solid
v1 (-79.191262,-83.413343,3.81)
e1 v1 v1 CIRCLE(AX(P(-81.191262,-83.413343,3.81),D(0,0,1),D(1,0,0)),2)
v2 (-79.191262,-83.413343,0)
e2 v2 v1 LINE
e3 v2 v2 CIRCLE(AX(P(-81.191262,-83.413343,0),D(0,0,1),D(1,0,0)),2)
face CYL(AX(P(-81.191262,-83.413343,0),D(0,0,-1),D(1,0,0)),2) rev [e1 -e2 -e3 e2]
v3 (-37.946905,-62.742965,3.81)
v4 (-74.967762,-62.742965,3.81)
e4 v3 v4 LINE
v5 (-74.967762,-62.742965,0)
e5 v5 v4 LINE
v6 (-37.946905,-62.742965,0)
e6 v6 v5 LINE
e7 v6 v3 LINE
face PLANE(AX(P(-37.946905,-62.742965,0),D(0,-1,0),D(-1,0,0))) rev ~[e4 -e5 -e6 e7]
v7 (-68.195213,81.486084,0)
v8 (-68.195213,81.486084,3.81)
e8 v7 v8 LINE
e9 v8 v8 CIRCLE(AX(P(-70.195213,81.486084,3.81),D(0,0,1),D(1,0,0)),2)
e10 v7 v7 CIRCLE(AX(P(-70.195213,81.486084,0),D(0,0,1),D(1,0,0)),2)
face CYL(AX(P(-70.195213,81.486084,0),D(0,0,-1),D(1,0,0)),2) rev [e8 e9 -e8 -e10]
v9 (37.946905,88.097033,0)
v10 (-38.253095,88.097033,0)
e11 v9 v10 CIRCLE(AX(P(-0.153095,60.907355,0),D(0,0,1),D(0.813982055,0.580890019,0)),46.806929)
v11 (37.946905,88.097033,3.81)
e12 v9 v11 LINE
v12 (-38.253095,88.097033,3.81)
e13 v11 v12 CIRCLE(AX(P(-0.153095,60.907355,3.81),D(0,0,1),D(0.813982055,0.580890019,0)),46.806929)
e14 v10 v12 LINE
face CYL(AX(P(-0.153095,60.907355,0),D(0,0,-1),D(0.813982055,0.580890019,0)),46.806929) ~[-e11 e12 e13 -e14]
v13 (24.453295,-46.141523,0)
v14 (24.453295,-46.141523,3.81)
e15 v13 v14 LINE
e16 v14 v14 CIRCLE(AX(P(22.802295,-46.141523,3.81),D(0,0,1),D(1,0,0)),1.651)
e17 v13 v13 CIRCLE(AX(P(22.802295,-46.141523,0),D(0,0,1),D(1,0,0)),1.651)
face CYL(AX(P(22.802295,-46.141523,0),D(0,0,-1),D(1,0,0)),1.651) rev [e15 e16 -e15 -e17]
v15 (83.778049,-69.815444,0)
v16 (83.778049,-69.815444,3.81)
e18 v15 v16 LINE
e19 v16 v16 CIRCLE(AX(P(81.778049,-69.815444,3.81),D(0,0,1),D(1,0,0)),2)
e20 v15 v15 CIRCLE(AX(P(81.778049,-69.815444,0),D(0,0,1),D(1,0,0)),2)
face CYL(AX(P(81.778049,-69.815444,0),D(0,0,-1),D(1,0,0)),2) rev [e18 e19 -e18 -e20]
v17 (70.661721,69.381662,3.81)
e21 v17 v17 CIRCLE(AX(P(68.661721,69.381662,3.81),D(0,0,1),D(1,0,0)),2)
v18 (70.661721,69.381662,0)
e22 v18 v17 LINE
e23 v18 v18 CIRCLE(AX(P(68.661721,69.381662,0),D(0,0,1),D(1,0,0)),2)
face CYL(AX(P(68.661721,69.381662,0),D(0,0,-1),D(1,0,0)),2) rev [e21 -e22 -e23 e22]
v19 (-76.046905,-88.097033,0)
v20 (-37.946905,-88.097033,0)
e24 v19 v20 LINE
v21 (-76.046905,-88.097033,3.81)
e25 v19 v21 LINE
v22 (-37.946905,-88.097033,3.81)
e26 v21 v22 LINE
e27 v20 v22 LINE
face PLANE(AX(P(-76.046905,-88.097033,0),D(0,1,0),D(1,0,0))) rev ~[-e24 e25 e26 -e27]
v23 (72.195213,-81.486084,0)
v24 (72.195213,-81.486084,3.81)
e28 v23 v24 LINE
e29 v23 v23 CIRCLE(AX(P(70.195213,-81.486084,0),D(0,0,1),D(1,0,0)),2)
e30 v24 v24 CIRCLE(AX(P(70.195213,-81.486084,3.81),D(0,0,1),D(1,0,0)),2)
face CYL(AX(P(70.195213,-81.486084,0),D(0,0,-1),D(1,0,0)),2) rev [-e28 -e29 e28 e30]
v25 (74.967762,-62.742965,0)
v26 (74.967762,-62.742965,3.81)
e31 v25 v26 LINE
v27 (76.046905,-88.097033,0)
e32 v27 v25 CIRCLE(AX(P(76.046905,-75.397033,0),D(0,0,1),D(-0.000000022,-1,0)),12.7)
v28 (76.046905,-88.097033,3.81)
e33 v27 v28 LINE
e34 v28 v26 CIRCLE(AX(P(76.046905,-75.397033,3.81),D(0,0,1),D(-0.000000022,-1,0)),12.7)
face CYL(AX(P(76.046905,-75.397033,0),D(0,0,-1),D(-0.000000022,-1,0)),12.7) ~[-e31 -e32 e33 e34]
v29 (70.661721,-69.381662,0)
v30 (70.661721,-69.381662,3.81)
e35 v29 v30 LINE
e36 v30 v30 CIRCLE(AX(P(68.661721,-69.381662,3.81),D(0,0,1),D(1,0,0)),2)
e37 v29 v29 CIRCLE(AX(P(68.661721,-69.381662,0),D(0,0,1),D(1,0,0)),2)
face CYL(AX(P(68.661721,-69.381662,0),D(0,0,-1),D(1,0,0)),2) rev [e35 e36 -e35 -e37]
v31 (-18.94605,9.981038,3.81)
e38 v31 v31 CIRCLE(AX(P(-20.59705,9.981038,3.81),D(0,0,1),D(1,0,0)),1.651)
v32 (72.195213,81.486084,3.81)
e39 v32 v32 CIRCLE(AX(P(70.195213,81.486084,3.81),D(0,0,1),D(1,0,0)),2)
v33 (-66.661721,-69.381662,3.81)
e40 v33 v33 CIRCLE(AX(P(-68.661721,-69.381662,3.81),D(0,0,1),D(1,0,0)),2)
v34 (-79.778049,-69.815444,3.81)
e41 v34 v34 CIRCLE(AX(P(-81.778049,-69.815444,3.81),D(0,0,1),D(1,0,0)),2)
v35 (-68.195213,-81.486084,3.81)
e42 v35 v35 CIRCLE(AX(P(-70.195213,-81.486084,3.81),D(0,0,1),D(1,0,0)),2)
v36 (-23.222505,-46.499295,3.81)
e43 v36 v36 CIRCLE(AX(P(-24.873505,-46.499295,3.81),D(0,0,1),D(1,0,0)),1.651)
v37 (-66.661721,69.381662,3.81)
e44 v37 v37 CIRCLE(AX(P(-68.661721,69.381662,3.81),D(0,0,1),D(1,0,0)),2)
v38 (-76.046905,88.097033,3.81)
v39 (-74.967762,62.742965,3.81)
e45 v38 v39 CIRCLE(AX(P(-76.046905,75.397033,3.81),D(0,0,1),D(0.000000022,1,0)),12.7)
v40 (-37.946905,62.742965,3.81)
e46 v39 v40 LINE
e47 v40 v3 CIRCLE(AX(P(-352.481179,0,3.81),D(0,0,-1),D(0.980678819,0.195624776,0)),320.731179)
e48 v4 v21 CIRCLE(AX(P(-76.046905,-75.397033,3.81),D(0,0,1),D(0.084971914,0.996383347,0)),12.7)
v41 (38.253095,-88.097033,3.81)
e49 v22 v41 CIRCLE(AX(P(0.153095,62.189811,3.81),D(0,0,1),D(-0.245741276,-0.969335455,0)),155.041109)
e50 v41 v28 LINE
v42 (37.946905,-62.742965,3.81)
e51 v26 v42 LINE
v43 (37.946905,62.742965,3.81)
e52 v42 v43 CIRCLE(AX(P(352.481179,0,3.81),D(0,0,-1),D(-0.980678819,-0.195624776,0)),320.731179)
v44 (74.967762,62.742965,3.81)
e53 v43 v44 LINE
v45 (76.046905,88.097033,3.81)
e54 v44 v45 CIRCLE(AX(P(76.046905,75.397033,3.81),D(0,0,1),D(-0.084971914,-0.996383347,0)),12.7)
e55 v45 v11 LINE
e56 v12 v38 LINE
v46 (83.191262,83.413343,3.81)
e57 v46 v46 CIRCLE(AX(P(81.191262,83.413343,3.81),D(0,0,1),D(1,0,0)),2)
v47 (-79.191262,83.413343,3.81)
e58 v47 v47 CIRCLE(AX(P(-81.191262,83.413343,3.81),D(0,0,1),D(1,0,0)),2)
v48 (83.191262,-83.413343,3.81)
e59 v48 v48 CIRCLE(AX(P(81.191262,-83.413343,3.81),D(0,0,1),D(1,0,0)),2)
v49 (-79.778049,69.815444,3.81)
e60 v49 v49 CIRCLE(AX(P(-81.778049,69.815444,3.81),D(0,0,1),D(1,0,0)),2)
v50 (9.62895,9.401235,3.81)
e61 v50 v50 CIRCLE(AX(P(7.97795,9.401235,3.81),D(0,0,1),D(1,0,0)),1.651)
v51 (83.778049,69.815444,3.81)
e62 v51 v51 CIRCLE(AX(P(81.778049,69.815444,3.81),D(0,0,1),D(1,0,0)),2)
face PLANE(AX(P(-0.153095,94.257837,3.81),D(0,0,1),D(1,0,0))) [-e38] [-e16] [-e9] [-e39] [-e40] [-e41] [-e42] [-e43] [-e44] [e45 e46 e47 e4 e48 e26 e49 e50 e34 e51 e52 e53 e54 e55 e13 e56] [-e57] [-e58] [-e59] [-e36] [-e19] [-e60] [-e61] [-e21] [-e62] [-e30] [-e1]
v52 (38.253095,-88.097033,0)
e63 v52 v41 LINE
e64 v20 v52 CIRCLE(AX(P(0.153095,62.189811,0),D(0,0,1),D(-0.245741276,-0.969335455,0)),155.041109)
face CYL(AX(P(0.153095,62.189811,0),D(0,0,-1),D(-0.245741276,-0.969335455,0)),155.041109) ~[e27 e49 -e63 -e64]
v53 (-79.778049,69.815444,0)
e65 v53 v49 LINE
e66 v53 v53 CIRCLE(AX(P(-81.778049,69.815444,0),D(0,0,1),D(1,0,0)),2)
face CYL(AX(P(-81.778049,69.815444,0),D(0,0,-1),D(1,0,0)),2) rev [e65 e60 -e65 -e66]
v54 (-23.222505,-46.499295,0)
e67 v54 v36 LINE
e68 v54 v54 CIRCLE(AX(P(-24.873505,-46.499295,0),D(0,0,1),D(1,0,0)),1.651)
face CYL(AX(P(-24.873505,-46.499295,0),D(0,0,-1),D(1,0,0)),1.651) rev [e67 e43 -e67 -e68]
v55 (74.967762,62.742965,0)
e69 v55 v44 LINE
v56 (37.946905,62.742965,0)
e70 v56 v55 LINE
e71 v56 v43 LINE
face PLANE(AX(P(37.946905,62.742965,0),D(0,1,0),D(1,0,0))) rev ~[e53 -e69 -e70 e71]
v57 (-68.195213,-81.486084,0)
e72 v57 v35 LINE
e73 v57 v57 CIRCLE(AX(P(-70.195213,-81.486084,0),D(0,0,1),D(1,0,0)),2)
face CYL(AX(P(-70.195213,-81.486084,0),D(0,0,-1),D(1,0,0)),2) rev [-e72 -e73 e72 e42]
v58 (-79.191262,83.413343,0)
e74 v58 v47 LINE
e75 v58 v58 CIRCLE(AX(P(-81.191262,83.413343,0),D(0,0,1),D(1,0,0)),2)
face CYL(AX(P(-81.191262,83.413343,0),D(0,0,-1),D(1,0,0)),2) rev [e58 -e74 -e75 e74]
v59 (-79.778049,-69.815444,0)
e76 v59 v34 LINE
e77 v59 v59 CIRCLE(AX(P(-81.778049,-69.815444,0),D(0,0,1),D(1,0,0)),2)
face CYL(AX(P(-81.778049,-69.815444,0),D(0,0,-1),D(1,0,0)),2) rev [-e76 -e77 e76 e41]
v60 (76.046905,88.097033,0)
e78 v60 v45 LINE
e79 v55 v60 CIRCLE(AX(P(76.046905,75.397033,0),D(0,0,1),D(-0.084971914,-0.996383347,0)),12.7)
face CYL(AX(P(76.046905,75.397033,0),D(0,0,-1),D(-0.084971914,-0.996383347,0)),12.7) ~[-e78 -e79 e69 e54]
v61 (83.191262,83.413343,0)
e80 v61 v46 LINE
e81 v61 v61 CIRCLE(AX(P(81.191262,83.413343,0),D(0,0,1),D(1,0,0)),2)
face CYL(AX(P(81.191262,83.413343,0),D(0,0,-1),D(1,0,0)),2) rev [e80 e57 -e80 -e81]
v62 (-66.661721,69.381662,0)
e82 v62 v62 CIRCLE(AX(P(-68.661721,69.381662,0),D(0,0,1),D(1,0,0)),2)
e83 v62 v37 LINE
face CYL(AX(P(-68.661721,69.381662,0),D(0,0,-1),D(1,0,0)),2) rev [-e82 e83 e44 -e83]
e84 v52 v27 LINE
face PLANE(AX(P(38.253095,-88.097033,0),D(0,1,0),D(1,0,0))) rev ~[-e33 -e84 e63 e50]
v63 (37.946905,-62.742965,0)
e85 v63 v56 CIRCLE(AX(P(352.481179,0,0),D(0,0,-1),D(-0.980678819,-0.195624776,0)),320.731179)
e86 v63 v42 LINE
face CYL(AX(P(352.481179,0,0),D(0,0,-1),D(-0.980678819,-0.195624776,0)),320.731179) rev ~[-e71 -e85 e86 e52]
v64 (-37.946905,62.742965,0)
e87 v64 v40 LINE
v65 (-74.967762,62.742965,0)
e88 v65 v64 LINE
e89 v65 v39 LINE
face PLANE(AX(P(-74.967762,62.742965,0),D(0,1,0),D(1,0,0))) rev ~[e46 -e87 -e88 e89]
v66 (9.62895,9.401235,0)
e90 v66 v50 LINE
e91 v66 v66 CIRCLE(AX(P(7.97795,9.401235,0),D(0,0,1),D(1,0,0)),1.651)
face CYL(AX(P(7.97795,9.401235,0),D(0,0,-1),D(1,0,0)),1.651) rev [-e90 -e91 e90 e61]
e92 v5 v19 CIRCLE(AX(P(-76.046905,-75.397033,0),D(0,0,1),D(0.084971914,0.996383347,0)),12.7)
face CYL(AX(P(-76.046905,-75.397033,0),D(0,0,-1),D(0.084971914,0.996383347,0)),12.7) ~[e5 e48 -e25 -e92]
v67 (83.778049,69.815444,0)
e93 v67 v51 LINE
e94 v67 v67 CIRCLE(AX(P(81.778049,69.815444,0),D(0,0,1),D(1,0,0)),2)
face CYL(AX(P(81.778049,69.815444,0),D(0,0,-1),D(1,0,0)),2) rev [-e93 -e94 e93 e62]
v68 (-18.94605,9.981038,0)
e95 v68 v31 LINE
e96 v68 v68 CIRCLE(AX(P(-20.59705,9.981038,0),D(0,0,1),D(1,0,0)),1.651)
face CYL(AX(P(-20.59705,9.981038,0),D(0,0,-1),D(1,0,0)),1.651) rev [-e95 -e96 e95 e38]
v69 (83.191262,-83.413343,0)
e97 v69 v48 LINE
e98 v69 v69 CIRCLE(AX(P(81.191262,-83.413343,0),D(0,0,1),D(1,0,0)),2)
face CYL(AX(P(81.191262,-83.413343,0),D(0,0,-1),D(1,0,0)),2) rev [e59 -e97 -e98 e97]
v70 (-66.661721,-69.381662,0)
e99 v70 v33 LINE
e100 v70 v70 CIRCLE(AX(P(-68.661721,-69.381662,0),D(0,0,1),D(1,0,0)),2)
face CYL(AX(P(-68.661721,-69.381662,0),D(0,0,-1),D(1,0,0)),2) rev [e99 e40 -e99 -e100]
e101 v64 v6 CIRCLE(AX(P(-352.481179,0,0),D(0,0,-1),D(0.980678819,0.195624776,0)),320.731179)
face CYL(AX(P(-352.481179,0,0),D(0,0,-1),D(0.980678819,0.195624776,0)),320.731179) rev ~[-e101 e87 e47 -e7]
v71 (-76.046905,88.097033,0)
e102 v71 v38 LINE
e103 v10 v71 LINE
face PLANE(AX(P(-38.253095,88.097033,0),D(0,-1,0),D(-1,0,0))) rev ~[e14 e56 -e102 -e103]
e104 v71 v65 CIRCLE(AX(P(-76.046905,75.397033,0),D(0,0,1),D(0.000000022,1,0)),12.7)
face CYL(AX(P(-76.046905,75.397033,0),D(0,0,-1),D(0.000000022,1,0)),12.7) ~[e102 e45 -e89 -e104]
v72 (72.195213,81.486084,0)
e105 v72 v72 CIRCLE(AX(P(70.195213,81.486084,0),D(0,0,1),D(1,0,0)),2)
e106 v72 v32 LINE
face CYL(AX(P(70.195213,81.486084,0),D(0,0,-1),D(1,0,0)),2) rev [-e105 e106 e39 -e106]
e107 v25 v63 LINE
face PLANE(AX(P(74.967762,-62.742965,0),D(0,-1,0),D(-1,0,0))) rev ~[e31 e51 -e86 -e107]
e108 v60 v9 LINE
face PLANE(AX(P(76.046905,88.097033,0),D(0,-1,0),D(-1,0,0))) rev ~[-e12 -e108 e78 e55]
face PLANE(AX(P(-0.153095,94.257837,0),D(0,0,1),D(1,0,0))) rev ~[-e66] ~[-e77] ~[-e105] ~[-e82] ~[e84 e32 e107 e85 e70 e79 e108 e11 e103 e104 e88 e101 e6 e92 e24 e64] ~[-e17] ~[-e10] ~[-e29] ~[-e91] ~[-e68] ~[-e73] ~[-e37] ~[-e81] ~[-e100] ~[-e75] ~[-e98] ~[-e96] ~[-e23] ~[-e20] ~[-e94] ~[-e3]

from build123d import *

# Parameters (mm, degrees)
F0_R     = 2
F0_R_2   = 1.651
F1_DEPTH = 3.81


with BuildPart() as f1:
    # F0 (on Top) → F1 (new body)
    with BuildSketch(Plane.XY):
        with BuildLine():
            ThreePointArc((37.946905, 88.097033), (-0.153095, 107.714284), (-38.253095, 88.097033))
            Line((-38.253095, 88.097033), (-37.946905, 88.097033))
            Line((-37.946905, 88.097033), (37.946905, 88.097033))
        make_face()
        Polygon((-37.946905, 88.097033), (-38.253095, 88.097033), (-37.946905, 62.742965), (37.946905, 62.742965), (37.946905, 88.097033), align=None)
        with BuildLine():
            Line((-37.946905, 62.742965), (-38.253095, 88.097033))
            Line((-38.253095, 88.097033), (-76.046905, 88.097033))
            ThreePointArc((-76.046905, 88.097033), (-88.735417, 74.856974), (-74.967762, 62.742965))
            Line((-74.967762, 62.742965), (-37.946905, 62.742965))
        make_face()
        with Locations((-81.778049, 69.815444)):
            Circle(F0_R, mode=Mode.SUBTRACT)
        with Locations((-68.661721, 69.381662)):
            Circle(F0_R, mode=Mode.SUBTRACT)
        with Locations((-70.195213, 81.486084)):
            Circle(F0_R, mode=Mode.SUBTRACT)
        with Locations((-81.191262, 83.413343)):
            Circle(F0_R, mode=Mode.SUBTRACT)
        with BuildLine():
            Line((76.046905, 88.097033), (37.946905, 88.097033))
            Line((37.946905, 88.097033), (37.946905, 62.742965))
            Line((37.946905, 62.742965), (74.967762, 62.742965))
            ThreePointArc((74.967762, 62.742965), (88.735417, 74.856974), (76.046905, 88.097033))
        make_face()
        with Locations((68.661721, 69.381662)):
            Circle(F0_R, mode=Mode.SUBTRACT)
        with Locations((81.778049, 69.815444)):
            Circle(F0_R, mode=Mode.SUBTRACT)
        with Locations((70.195213, 81.486084)):
            Circle(F0_R, mode=Mode.SUBTRACT)
        with Locations((81.191262, 83.413343)):
            Circle(F0_R, mode=Mode.SUBTRACT)
        with BuildLine():
            Line((-37.946905, -88.097033), (-37.946905, -62.742965))
            Line((-37.946905, -62.742965), (-74.967762, -62.742965))
            ThreePointArc((-74.967762, -62.742965), (-88.735417, -74.856974), (-76.046905, -88.097033))
            Line((-76.046905, -88.097033), (-37.946905, -88.097033))
        make_face()
        with Locations((-81.191262, -83.413343)):
            Circle(F0_R, mode=Mode.SUBTRACT)
        with Locations((-70.195213, -81.486084)):
            Circle(F0_R, mode=Mode.SUBTRACT)
        with Locations((-81.778049, -69.815444)):
            Circle(F0_R, mode=Mode.SUBTRACT)
        with Locations((-68.661721, -69.381662)):
            Circle(F0_R, mode=Mode.SUBTRACT)
        with BuildLine():
            Line((74.967762, -62.742965), (37.946905, -62.742965))
            Line((37.946905, -62.742965), (38.253095, -88.097033))
            Line((38.253095, -88.097033), (76.046905, -88.097033))
            ThreePointArc((76.046905, -88.097033), (88.735417, -74.856974), (74.967762, -62.742965))
        make_face()
        with Locations((70.195213, -81.486084)):
            Circle(F0_R, mode=Mode.SUBTRACT)
        with Locations((81.191262, -83.413343)):
            Circle(F0_R, mode=Mode.SUBTRACT)
        with Locations((68.661721, -69.381662)):
            Circle(F0_R, mode=Mode.SUBTRACT)
        with Locations((81.778049, -69.815444)):
            Circle(F0_R, mode=Mode.SUBTRACT)
        Polygon((37.946905, -62.742965), (-37.946905, -62.742965), (-37.946905, -88.097033), (37.946905, -88.097033), (38.253095, -88.097033), align=None)
        with BuildLine():
            Line((37.946905, -88.097033), (-37.946905, -88.097033))
            ThreePointArc((-37.946905, -88.097033), (0.153095, -92.851298), (38.253095, -88.097033))
            Line((38.253095, -88.097033), (37.946905, -88.097033))
        make_face()
        with BuildLine():
            Line((37.946905, 62.742965), (-37.946905, 62.742965))
            ThreePointArc((-37.946905, 62.742965), (-31.75, 0), (-37.946905, -62.742965))
            Line((-37.946905, -62.742965), (37.946905, -62.742965))
            ThreePointArc((37.946905, -62.742965), (31.75, 0), (37.946905, 62.742965))
        make_face()
        with Locations((-24.873505, -46.499295)):
            Circle(F0_R_2, mode=Mode.SUBTRACT)
        with Locations((22.802295, -46.141523)):
            Circle(F0_R_2, mode=Mode.SUBTRACT)
        with Locations((-20.59705, 9.981038)):
            Circle(F0_R_2, mode=Mode.SUBTRACT)
        with Locations((7.97795, 9.401235)):
            Circle(F0_R_2, mode=Mode.SUBTRACT)
    extrude(amount=F1_DEPTH)


solid = f1.part
